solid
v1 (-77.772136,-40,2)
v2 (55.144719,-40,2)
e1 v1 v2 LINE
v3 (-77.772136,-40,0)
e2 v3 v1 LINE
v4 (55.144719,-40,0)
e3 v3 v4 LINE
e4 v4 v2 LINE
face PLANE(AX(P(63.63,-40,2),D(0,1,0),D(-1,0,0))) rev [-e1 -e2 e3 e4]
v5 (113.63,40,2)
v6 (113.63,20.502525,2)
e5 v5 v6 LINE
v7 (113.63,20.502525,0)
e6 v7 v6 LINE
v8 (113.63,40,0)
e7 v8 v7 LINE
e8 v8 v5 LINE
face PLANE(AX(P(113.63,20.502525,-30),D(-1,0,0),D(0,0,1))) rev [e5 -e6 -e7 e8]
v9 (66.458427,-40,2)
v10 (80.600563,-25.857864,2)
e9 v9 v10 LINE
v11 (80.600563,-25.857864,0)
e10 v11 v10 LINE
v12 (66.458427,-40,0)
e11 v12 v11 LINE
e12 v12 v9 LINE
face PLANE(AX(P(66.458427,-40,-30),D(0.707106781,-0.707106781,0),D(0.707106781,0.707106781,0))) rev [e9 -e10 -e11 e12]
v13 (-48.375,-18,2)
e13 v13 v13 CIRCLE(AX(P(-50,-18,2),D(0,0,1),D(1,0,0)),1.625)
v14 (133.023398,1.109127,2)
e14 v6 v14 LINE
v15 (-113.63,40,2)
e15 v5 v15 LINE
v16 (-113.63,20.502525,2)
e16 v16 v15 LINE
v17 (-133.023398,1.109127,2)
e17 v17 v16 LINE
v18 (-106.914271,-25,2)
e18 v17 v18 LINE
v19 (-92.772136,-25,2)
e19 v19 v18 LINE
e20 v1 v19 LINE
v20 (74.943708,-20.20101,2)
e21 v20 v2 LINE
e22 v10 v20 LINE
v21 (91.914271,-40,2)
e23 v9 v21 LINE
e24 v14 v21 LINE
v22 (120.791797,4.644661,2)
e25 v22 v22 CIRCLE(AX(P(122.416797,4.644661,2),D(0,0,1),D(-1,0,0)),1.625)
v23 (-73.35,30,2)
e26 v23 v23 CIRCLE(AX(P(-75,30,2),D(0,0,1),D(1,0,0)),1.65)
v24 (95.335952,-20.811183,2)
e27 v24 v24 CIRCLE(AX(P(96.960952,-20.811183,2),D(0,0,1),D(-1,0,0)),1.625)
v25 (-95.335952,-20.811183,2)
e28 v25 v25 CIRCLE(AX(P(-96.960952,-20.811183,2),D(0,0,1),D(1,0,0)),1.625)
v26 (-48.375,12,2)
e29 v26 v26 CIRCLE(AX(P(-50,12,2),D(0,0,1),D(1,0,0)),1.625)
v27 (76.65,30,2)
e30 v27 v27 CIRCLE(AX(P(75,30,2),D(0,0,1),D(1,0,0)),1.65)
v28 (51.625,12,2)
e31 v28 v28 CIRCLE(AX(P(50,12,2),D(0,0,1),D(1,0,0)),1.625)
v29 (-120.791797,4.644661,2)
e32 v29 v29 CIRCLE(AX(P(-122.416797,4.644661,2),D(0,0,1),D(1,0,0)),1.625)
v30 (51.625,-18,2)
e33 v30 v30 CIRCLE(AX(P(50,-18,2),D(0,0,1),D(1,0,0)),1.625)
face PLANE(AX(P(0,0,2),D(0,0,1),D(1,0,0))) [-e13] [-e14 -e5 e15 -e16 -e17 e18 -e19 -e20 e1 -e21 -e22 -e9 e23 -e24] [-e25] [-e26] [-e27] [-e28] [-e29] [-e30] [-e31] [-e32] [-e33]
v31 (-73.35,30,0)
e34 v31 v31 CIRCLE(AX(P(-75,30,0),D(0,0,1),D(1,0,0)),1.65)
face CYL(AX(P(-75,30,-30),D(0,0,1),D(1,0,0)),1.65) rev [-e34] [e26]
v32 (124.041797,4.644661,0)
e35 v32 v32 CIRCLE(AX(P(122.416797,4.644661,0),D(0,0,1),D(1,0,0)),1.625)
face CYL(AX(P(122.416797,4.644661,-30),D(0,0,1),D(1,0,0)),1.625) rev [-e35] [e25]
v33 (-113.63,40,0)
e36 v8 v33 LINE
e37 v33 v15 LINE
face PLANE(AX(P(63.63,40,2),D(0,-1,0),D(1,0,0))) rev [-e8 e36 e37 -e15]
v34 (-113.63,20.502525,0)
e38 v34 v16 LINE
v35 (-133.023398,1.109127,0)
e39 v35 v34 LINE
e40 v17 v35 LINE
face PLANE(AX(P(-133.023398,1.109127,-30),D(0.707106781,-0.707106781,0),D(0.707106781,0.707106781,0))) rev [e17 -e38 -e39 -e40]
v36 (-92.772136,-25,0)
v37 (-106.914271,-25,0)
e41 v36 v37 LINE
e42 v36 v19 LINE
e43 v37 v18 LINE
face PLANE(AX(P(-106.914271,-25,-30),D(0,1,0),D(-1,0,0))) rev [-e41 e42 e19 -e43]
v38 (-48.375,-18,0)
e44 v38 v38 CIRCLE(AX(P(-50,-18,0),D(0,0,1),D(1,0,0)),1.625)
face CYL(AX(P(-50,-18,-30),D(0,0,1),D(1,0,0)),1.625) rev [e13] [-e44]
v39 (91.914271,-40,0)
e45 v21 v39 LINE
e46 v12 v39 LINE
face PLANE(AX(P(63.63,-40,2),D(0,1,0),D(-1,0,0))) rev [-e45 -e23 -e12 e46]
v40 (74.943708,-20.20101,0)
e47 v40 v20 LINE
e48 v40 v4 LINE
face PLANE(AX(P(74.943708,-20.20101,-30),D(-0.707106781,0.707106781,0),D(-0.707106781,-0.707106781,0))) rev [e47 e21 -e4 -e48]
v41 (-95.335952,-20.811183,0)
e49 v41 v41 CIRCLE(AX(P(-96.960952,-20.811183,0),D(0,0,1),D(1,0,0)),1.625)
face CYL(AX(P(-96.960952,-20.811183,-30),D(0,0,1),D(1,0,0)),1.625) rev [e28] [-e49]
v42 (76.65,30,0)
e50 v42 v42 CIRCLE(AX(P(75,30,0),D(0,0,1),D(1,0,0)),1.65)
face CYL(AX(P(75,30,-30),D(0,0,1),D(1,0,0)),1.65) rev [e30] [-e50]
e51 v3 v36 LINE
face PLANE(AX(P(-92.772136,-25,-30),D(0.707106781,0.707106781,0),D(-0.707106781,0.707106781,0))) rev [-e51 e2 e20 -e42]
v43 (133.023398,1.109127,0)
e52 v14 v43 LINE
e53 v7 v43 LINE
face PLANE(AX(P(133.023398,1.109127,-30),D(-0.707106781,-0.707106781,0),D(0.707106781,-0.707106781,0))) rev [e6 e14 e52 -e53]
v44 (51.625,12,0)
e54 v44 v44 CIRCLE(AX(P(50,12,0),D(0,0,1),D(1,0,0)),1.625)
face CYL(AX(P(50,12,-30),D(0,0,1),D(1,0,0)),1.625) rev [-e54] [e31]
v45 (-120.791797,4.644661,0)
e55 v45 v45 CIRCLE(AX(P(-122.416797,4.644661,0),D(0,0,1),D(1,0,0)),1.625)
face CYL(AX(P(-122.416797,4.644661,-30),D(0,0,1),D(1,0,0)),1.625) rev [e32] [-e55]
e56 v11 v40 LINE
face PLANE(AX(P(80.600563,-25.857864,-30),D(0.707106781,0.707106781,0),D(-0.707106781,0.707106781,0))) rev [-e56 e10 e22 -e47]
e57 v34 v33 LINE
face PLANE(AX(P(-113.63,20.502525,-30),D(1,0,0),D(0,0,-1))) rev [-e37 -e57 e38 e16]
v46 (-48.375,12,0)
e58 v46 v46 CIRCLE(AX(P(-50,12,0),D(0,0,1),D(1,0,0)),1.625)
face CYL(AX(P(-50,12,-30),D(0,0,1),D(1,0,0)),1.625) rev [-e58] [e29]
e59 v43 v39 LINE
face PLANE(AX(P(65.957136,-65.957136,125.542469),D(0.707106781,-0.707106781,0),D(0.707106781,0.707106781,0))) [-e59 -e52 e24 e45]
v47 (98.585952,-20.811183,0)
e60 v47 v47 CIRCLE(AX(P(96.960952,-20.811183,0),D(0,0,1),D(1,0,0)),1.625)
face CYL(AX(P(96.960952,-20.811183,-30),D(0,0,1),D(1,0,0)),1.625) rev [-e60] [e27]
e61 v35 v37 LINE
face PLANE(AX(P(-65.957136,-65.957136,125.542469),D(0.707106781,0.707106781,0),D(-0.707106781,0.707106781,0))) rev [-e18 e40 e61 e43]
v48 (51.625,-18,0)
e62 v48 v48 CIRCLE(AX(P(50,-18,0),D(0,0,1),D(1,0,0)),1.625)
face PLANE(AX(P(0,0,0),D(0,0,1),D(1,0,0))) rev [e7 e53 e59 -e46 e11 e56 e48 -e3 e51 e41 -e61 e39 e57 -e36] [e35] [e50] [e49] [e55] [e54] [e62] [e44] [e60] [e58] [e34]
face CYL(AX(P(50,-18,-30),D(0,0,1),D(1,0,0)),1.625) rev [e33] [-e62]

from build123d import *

# Parameters (mm, degrees)
SKETCH_1_W          = 127.26
SKETCH_1_H          = 80
EXTRUDE_1_DEPTH     = 2
EXTRUDE_2_DEPTH     = 2
SKETCH_3_R          = 1.625
SKETCH_3_R_2        = 1.65
CUT_EXTRUDE_1_DEPTH = 32


with BuildPart() as part:
    # 草图1 → 凸台-拉伸1 (new body)
    with BuildSketch(Plane.XY):
        Rectangle(SKETCH_1_W, SKETCH_1_H)
    extrude(amount=EXTRUDE_1_DEPTH)

    # 草图2 → 凸台-拉伸2 (add)
    with BuildSketch(Plane(origin=(0, 0, 0), x_dir=(-1, 0, 0), z_dir=(0, 0, -1))):
        Polygon((143.63, 40), (63.63, 40), (63.63, -40), (91.914271247, -40), (157.772135624, 25.857864376), align=None)
        Polygon((-63.63, -40), (-63.63, 40), (-143.63, 40), (-157.772135624, 25.857864376), (-91.914271247, -40), align=None)
    extrude(amount=-EXTRUDE_2_DEPTH)

    # 草图3 → 切除-拉伸1 (cut)
    with BuildSketch(Plane.XY.offset(2)):
        with Locations((-50, 12)):
            Circle(SKETCH_3_R)
        with Locations((-50, -18)):
            Circle(SKETCH_3_R)
        with Locations((50, 12)):
            Circle(SKETCH_3_R)
        with Locations((50, -18)):
            Circle(SKETCH_3_R)
        with Locations((-122.416796564, 4.644660941)):
            Circle(SKETCH_3_R)
        with Locations((-96.960952442, -20.811183182)):
            Circle(SKETCH_3_R)
        with Locations((96.960952442, -20.811183182)):
            Circle(SKETCH_3_R)
        with Locations((122.416796564, 4.644660941)):
            Circle(SKETCH_3_R)
        with Locations((-75, 30)):
            Circle(SKETCH_3_R_2)
        with Locations((75, 30)):
            Circle(SKETCH_3_R_2)
        Polygon((80.600562748, -25.857864376), (74.943708499, -20.201010127), (55.144718626, -40), (66.458427125, -40), align=None)
        Polygon((-106.914271247, -25), (-92.772135624, -25), (-77.772135624, -40), (-106.914271247, -40), align=None)
        Polygon((-133.023398282, 1.109127035), (-113.63, 20.502525317), (-113.63, 40), (-143.63, 40), (-157.772135624, 25.857864376), align=None)
        Polygon((157.772135624, 25.857864376), (133.023398282, 1.109127035), (113.63, 20.502525317), (113.63, 40), (143.63, 40), align=None)
    extrude(amount=-CUT_EXTRUDE_1_DEPTH, mode=Mode.SUBTRACT)


solid = part.part
